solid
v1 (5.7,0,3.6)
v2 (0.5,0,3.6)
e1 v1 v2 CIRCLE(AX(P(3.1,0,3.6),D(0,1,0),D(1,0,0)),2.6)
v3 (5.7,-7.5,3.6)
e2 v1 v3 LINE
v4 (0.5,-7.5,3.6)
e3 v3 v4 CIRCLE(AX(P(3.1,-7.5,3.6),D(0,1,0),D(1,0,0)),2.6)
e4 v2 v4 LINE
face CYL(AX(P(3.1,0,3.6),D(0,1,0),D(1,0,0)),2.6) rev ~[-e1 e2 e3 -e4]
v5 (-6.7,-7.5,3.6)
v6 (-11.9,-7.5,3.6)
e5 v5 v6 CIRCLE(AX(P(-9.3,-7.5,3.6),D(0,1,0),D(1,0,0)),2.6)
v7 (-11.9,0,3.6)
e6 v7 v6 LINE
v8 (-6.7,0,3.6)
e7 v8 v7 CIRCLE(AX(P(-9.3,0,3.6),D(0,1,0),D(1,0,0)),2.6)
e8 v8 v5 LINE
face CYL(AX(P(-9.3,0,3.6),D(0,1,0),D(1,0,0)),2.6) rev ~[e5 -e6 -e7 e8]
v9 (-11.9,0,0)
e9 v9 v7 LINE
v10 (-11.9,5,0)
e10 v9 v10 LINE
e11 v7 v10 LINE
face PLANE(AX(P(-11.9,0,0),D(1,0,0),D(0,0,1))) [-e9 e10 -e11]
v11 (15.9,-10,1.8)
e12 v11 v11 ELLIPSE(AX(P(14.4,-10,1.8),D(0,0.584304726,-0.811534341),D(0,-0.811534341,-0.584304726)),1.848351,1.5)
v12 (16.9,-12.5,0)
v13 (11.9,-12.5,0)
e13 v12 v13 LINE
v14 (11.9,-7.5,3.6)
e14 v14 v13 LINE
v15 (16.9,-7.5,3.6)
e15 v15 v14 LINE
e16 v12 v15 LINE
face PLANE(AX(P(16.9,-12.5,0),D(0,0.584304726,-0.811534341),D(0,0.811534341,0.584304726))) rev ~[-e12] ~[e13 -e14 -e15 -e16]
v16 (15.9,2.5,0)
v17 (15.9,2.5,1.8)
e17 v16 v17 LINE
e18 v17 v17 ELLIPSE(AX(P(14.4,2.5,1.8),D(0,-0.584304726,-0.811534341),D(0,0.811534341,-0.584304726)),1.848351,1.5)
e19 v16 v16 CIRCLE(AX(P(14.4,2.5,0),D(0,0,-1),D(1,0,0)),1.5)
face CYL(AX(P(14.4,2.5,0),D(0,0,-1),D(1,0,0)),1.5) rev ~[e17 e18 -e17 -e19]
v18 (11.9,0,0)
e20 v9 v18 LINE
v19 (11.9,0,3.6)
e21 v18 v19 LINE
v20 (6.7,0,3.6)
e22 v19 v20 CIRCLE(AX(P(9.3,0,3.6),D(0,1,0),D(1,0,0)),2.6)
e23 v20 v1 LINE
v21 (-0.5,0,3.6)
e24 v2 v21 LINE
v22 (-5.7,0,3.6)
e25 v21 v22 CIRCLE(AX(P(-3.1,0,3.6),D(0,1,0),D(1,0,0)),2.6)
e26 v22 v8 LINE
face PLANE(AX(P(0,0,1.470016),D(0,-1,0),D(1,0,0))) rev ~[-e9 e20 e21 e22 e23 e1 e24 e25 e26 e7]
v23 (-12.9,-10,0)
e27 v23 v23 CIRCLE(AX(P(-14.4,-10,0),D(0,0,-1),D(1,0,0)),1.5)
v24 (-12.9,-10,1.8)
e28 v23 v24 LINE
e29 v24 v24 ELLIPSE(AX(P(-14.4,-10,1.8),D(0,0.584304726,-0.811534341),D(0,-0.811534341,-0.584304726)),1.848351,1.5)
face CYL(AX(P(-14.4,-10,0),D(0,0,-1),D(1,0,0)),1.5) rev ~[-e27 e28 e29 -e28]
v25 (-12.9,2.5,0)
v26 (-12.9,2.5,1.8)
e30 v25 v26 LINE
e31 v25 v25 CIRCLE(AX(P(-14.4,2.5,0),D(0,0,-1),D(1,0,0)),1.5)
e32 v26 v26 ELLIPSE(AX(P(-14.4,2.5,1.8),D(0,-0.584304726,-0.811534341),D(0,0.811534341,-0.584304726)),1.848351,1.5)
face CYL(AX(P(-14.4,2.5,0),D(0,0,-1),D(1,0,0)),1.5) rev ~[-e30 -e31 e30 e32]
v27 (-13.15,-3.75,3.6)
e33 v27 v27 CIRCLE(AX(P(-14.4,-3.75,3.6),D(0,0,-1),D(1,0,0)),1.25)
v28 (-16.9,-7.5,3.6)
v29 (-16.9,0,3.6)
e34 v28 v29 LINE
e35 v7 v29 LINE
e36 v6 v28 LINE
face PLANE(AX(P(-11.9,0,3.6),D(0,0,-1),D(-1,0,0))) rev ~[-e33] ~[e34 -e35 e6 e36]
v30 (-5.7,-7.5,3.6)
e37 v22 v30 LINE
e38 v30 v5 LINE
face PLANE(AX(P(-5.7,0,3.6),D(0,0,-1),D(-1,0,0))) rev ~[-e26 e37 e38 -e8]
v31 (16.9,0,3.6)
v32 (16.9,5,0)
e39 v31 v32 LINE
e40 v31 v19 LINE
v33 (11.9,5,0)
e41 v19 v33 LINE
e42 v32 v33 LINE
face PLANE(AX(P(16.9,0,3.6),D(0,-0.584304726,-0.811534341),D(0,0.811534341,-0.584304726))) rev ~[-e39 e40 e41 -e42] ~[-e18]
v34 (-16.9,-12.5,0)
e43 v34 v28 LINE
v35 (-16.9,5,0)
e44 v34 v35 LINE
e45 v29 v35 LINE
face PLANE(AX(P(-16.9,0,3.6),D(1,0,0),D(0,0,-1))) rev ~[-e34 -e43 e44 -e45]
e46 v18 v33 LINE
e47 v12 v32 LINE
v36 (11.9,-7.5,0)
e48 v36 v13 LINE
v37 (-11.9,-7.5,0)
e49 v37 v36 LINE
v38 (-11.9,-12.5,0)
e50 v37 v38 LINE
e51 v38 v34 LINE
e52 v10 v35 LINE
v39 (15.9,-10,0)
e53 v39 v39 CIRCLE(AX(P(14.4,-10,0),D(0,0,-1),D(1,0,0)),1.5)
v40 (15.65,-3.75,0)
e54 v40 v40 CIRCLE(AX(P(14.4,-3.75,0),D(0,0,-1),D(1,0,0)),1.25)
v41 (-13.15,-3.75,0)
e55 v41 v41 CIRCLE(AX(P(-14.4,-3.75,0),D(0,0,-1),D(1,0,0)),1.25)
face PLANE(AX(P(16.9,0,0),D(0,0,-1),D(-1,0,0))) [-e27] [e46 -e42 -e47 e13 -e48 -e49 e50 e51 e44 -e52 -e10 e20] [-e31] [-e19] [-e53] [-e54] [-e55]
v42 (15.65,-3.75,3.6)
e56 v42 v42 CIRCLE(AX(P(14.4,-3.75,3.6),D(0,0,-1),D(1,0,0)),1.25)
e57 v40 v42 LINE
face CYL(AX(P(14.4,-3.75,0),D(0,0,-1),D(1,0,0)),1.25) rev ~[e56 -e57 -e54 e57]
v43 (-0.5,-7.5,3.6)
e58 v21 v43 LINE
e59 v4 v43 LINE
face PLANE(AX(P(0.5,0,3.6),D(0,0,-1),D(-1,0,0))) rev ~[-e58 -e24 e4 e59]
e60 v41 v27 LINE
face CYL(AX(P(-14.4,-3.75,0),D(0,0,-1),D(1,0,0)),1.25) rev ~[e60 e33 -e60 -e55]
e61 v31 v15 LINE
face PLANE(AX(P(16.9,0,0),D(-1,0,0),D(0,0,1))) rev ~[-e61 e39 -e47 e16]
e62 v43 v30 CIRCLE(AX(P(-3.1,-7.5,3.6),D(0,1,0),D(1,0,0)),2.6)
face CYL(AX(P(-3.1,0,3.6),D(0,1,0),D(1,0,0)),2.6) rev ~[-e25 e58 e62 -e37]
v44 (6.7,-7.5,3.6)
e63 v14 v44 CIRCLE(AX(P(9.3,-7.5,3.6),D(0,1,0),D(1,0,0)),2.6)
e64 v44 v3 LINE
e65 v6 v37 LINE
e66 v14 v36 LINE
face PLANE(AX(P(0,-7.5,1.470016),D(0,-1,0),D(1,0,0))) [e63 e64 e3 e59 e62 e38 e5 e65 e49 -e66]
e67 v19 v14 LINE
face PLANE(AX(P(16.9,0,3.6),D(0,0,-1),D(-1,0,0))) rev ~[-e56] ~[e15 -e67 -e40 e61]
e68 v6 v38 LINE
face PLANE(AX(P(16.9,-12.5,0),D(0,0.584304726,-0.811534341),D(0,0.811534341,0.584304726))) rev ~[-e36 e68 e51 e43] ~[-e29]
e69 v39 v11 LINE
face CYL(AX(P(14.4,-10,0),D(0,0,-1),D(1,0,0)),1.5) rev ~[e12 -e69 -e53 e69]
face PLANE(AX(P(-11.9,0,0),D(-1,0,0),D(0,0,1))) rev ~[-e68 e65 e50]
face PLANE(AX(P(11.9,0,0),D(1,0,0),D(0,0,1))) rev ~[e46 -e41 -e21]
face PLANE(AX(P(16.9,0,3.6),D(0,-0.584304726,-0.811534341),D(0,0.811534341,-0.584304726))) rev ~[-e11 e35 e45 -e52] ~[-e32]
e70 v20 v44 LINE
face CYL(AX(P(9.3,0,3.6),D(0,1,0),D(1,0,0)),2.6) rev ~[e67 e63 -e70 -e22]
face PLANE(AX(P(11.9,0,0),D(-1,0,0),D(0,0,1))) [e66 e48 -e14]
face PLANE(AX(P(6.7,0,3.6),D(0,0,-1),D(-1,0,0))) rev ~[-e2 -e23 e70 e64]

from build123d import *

# Parameters (mm, degrees)
F1_DEPTH      = 7.5
F2_W          = 5
F2_H          = 3.6
F3_DEPTH      = 5
F3_DEPTH_BACK = 12.5
F5_DEPTH      = 35.2
F6_R          = 1.5
F6_R_2        = 1.25
F7_DEPTH      = 25


with BuildPart() as f1:
    # F0 (on Front) → F1 (new body)
    with BuildSketch(Plane.XZ):
        with BuildLine():
            Line((16.9, 3.6), (11.9, 3.6))
            ThreePointArc((11.9, 3.6), (9.3, 1), (6.7, 3.6))
            Line((6.7, 3.6), (5.7, 3.6))
            ThreePointArc((5.7, 3.6), (3.1, 1), (0.5, 3.6))
            Line((0.5, 3.6), (-0.5, 3.6))
            ThreePointArc((-0.5, 3.6), (-3.1, 1), (-5.7, 3.6))
            Line((-5.7, 3.6), (-6.7, 3.6))
            ThreePointArc((-6.7, 3.6), (-9.3, 1), (-11.9, 3.6))
            Line((-11.9, 3.6), (-16.9, 3.6))
            Line((-16.9, 3.6), (-16.9, 0))
            Line((-16.9, 0), (16.9, 0))
            Line((16.9, 0), (16.9, 3.6))
        make_face()
    extrude(amount=F1_DEPTH)

    # F2 (on face) → F3 (join, two sides)
    with BuildSketch(Plane(origin=(0, 0, 0), x_dir=(-1, 0, 0), z_dir=(0, 1, 0))) as f3_sk:
        with Locations((-14.4, 1.8)):
            Rectangle(F2_W, F2_H)
        with Locations((14.4, 1.8)):
            Rectangle(F2_W, F2_H)
    extrude(amount=F3_DEPTH)
    extrude(f3_sk.sketch, amount=-F3_DEPTH_BACK)

    # F4 (on face) → F5 (cut)
    with BuildSketch(Plane.YZ.offset(16.9)):
        Polygon((-7.5, 3.6), (-12.5, 3.6), (-12.5, 0), align=None)
        Polygon((5, 0), (5, 3.6), (0, 3.6), align=None)
    extrude(amount=-F5_DEPTH, mode=Mode.SUBTRACT)

    # F6 (on face) → F7 (cut)
    with BuildSketch(Plane(origin=(0, 0, 0), x_dir=(1, 0, 0), z_dir=(0, 0, -1))):
        with Locations((14.4, 10)):
            Circle(F6_R)
        with Locations((14.4, 3.75)):
            Circle(F6_R_2)
        with Locations((14.4, -2.5)):
            Circle(F6_R)
        with Locations((-14.4, -2.5)):
            Circle(F6_R)
        with Locations((-14.4, 10)):
            Circle(F6_R)
        with Locations((-14.4, 3.75)):
            Circle(F6_R_2)
    extrude(amount=-F7_DEPTH, mode=Mode.SUBTRACT)


solid = f1.part
